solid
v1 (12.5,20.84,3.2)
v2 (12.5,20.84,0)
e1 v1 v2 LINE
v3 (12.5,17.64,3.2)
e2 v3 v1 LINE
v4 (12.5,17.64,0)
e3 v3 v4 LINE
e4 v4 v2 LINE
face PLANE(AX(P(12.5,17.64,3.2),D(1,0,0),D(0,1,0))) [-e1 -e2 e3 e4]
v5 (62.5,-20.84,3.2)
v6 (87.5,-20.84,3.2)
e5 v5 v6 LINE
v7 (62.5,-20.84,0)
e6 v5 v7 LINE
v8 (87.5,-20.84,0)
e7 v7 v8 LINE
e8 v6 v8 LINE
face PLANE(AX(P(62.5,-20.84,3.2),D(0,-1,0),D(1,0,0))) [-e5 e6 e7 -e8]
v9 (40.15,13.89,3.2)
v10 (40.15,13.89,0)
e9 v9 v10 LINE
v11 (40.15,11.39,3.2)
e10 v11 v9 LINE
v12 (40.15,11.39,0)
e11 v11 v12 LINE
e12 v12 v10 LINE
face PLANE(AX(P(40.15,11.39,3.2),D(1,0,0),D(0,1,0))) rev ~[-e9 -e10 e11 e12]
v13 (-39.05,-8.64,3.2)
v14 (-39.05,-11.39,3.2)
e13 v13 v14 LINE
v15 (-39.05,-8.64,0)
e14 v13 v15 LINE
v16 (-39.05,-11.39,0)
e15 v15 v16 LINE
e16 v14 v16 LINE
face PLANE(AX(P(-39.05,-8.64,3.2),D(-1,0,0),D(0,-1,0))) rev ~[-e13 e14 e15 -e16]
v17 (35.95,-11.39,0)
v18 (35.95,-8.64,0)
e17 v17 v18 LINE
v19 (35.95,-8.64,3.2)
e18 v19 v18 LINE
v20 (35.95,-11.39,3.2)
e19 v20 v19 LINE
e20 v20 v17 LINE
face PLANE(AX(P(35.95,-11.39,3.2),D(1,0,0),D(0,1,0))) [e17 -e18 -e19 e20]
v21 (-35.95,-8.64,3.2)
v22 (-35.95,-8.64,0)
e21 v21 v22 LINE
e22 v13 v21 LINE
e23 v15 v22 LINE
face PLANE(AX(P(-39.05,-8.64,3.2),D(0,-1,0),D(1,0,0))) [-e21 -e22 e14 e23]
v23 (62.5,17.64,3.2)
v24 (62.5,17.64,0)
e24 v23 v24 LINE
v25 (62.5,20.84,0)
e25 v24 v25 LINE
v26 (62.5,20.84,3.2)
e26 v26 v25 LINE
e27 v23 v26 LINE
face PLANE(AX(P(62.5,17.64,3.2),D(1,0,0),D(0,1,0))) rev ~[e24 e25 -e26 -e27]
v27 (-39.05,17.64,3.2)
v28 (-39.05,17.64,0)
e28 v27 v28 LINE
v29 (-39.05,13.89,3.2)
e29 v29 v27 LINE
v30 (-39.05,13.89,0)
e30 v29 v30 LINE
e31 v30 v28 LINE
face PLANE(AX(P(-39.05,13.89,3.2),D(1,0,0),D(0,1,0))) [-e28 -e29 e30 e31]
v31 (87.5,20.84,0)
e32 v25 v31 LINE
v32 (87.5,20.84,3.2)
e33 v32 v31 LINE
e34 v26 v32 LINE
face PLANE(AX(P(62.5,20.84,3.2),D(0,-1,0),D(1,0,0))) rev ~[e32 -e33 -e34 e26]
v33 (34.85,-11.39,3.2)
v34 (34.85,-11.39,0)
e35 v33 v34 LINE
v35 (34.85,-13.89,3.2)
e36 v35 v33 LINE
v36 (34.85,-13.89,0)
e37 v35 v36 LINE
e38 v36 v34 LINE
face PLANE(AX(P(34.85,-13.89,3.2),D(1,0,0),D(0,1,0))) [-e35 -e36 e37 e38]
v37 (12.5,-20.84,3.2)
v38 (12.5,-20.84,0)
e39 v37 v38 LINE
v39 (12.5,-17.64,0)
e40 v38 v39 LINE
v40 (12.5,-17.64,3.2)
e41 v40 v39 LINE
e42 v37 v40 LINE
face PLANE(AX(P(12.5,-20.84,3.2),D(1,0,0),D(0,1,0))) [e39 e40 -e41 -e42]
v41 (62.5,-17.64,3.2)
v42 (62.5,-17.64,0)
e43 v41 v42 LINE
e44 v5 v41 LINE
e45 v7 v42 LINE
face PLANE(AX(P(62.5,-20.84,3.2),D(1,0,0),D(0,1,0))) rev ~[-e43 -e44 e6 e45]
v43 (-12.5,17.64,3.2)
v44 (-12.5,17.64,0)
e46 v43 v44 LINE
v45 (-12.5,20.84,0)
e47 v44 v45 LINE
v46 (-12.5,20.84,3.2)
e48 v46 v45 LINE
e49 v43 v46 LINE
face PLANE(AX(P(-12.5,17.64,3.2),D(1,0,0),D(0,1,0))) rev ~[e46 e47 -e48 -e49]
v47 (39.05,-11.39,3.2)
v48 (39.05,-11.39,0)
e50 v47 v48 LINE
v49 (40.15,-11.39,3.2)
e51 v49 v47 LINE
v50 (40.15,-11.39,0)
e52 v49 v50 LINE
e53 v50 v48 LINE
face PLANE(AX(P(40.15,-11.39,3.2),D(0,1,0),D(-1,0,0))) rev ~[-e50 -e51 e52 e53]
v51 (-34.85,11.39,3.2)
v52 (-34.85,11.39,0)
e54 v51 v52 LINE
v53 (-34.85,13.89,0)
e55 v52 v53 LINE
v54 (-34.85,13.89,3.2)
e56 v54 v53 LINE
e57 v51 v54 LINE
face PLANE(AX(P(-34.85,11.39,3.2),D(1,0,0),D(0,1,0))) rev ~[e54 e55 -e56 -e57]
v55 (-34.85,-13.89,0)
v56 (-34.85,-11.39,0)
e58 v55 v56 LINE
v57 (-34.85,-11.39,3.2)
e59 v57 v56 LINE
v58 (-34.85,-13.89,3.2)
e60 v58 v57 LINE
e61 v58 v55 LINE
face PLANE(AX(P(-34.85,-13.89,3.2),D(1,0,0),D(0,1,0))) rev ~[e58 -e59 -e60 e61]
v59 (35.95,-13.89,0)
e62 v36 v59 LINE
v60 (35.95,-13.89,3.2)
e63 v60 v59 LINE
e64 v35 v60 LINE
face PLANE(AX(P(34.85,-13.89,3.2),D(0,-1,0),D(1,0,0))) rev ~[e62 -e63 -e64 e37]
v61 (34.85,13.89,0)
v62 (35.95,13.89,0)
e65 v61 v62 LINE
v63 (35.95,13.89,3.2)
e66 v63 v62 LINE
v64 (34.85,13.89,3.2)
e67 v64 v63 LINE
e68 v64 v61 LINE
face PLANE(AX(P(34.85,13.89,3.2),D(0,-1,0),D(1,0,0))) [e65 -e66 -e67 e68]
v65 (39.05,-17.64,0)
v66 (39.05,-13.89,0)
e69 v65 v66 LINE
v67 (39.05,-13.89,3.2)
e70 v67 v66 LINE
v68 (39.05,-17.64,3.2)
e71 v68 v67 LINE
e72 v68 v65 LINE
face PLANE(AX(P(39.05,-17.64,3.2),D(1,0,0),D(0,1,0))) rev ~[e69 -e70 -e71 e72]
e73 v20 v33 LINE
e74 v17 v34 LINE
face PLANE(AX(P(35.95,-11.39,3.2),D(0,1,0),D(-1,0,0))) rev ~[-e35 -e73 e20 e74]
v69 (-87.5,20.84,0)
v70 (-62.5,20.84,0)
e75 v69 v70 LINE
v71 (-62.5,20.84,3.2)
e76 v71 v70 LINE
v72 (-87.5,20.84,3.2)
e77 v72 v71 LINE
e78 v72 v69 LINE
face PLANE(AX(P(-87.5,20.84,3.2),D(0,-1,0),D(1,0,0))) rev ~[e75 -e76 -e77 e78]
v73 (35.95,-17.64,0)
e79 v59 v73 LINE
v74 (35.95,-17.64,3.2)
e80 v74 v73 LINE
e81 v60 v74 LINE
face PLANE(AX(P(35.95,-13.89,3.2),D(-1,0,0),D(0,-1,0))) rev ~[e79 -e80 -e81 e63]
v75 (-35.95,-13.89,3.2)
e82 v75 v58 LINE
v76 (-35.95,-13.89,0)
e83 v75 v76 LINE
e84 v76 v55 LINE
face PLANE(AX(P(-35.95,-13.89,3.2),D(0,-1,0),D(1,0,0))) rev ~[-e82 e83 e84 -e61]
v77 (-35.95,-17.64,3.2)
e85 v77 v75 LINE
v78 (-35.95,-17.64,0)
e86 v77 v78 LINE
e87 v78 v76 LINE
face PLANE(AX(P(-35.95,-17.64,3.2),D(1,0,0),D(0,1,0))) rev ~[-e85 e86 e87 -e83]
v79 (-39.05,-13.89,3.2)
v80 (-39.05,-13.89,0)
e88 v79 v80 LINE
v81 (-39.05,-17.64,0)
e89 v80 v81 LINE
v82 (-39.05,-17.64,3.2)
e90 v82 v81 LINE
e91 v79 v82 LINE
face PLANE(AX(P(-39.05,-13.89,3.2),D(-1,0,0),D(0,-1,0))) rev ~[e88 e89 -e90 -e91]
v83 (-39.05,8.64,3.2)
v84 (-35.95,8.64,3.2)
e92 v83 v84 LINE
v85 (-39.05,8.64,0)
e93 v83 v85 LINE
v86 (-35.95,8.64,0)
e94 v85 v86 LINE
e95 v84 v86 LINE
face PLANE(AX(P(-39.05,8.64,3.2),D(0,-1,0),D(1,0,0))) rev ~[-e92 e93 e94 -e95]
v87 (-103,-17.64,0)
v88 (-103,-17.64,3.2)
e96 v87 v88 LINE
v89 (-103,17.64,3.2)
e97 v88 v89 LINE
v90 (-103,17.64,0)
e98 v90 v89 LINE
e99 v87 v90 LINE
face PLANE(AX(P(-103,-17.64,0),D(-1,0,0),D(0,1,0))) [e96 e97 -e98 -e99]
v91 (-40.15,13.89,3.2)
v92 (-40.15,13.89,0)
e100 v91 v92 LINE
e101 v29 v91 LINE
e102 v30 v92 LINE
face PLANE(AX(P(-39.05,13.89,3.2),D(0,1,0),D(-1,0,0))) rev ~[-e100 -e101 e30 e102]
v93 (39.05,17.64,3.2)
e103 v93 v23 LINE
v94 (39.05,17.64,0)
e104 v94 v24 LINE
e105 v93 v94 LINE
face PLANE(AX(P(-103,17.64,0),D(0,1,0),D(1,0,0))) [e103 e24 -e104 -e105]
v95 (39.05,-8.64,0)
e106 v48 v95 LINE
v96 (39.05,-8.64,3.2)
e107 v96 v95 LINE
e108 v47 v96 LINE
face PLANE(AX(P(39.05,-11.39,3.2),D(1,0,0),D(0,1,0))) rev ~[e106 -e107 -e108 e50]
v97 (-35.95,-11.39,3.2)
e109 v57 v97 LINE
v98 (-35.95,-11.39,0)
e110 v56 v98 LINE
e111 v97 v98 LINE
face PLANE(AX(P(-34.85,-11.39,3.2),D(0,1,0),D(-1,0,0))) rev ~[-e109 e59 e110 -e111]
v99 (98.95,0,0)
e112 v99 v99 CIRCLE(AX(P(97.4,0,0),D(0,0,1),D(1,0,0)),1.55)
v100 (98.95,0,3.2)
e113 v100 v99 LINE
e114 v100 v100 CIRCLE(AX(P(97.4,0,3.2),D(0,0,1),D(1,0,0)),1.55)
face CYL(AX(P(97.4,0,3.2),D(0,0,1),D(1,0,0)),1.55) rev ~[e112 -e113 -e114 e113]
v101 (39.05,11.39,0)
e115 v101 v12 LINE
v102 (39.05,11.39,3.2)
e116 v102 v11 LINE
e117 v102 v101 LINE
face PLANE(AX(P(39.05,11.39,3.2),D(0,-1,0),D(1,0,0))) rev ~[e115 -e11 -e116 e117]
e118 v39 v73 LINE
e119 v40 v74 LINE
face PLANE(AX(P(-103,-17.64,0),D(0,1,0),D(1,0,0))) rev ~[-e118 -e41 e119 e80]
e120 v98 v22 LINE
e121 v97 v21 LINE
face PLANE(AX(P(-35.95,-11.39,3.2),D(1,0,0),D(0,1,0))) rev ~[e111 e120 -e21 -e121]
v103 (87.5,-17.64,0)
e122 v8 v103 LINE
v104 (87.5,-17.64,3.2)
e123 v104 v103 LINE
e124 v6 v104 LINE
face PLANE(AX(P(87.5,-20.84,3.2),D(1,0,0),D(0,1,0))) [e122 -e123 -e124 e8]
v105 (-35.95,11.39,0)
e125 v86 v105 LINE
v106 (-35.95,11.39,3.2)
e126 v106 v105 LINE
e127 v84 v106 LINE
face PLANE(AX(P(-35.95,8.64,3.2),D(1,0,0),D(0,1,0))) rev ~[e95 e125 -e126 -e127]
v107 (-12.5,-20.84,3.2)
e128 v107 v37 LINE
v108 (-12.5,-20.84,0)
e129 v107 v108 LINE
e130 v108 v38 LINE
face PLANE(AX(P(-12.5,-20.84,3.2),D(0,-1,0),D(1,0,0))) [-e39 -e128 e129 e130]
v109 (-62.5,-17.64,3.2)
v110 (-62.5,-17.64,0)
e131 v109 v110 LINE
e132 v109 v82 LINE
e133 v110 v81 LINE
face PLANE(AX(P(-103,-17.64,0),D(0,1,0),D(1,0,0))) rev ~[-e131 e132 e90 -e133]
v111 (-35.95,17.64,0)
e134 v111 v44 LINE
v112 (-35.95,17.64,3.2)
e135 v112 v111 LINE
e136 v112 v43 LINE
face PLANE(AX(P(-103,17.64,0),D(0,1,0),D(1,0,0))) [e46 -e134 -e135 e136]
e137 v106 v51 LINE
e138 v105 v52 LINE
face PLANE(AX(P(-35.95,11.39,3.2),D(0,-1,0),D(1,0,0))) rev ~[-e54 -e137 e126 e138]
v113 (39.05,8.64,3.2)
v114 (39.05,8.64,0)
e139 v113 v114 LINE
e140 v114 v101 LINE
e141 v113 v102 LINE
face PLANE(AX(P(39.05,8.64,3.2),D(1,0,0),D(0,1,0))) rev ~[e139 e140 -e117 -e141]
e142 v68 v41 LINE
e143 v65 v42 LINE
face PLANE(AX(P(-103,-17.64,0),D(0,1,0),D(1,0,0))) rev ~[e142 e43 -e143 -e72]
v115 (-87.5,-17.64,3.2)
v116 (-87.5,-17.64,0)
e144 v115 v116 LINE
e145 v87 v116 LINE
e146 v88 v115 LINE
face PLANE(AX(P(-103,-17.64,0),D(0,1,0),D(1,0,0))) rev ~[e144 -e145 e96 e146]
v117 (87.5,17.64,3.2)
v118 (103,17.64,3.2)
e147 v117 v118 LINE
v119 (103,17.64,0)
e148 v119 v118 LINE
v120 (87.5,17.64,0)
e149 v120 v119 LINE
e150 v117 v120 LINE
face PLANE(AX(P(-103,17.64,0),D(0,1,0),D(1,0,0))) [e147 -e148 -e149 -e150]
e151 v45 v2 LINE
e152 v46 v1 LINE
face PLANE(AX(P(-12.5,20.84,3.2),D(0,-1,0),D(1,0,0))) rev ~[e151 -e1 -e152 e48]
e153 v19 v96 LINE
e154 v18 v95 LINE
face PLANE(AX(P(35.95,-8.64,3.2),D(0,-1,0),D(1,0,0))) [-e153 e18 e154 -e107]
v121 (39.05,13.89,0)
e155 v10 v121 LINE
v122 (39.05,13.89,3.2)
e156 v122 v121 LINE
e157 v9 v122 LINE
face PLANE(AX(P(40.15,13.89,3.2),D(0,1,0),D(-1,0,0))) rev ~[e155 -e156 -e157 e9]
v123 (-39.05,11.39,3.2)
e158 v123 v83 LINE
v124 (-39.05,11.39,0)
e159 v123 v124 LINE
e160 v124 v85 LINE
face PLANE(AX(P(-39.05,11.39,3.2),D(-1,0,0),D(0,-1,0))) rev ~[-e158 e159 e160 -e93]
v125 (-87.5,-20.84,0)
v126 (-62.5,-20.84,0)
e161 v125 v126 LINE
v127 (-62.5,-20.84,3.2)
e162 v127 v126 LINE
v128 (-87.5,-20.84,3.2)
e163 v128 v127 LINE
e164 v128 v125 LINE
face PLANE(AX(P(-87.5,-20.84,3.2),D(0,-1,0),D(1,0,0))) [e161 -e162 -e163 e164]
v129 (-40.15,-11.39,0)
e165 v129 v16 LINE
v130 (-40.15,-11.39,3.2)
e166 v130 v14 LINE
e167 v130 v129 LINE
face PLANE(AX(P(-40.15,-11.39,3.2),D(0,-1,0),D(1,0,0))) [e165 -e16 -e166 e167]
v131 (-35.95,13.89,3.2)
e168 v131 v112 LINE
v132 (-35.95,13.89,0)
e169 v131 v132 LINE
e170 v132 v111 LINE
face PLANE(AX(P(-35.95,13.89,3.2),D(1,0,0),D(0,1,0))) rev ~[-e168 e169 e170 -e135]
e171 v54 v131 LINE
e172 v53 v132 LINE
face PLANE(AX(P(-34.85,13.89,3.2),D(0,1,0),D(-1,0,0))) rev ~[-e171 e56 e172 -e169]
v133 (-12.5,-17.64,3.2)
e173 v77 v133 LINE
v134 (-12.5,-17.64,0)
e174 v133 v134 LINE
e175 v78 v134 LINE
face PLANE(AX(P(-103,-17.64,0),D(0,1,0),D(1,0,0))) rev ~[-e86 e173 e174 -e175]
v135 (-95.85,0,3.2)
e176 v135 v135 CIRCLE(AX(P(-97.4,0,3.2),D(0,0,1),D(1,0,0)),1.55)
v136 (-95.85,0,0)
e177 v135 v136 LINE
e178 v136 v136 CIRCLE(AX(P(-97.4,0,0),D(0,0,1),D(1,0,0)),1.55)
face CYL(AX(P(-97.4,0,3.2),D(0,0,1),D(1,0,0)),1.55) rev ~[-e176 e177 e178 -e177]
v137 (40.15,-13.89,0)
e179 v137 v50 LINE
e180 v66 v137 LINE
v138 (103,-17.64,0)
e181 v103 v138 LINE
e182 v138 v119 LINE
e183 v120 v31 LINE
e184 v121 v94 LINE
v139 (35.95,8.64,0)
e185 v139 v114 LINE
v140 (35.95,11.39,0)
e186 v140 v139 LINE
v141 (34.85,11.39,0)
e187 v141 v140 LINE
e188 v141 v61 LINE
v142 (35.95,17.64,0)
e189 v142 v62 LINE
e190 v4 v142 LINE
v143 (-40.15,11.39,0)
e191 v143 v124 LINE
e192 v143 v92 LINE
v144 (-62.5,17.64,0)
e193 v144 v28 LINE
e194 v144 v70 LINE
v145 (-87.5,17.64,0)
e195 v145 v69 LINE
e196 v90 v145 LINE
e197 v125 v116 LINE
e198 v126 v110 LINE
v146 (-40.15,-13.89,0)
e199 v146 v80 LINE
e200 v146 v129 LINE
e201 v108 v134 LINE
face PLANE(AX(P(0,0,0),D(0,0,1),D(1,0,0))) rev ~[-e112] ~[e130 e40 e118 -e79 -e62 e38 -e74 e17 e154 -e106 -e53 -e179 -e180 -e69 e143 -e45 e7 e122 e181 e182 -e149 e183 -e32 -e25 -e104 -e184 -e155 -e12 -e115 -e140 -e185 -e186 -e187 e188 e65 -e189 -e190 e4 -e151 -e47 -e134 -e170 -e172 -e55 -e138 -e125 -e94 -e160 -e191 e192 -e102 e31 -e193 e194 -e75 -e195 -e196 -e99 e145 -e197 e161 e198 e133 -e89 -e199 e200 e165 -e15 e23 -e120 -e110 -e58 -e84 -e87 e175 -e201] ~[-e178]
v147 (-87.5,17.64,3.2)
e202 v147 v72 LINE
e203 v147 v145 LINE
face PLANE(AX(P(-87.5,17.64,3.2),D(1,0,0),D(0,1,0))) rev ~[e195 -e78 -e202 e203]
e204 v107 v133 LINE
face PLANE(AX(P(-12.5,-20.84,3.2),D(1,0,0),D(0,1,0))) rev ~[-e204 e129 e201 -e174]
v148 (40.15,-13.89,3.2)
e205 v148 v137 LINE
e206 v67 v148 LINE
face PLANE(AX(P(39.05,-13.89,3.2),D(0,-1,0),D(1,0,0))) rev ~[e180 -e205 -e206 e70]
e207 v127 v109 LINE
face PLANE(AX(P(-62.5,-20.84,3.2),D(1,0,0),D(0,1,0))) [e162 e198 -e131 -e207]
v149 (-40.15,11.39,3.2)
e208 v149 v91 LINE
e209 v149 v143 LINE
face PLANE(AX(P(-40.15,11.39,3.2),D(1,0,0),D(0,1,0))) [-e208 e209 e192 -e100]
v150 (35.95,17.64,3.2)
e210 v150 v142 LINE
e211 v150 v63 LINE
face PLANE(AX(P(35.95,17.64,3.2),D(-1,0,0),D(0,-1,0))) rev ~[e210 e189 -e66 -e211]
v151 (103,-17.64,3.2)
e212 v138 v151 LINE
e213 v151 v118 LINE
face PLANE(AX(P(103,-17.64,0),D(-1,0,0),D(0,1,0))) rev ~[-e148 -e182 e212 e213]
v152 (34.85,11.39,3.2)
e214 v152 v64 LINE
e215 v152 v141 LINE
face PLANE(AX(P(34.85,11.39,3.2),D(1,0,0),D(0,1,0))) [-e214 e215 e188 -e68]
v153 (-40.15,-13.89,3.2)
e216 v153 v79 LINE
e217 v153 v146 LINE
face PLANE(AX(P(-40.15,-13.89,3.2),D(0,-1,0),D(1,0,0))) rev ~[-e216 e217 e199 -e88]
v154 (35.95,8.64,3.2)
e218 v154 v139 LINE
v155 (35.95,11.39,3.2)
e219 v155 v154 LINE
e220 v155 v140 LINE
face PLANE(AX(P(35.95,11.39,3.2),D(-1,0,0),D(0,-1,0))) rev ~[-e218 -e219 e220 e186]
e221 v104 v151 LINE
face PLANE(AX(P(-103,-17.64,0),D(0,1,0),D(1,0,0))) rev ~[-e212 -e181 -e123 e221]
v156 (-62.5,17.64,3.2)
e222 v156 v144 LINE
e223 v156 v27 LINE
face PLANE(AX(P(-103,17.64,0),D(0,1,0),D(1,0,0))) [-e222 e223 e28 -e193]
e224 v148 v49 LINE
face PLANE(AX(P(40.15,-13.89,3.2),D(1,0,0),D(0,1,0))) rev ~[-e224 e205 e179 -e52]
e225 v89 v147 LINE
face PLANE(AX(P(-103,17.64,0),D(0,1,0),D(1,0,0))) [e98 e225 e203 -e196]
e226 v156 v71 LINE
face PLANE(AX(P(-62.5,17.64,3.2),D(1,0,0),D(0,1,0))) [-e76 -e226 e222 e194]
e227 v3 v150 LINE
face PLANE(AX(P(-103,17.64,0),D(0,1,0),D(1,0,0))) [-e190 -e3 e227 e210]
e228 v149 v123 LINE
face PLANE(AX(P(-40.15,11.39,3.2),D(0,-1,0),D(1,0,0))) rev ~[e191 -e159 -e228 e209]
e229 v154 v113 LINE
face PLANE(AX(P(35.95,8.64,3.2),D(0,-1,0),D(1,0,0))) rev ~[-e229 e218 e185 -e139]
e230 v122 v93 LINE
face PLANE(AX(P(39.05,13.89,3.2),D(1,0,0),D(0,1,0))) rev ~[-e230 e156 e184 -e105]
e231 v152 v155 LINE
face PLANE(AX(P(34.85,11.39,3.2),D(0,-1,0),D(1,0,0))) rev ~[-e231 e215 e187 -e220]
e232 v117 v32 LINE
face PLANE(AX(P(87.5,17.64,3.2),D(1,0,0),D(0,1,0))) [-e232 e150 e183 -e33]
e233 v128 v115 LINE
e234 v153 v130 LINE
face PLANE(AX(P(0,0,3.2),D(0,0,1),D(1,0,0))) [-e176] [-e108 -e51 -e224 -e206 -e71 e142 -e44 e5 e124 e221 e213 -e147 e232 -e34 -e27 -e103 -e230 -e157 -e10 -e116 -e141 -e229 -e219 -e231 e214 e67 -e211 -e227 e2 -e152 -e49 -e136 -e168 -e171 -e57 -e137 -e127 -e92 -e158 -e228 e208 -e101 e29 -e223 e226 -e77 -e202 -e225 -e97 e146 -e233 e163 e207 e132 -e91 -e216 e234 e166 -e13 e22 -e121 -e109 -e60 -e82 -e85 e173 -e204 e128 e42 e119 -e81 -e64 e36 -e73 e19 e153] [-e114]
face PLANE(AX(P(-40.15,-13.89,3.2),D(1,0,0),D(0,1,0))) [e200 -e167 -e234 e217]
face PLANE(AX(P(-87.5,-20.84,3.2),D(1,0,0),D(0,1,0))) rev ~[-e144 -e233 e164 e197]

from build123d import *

# Parameters (mm, degrees)
F1_W     = 206
F1_H     = 35.28
F2_DEPTH = 3.2
F3_W     = 25
F3_H     = 3.2
F4_DEPTH = 3.2
F5_R     = 1.55
F5_W     = 3.1
F5_H     = 3.75
F5_H_2   = 2.5
F5_W_2   = 1.1
F5_H_3   = 2.75
F6_DEPTH = 3.201


with BuildPart() as f2:
    # F1 (on Top) → F2 (new body)
    with BuildSketch(Plane.XY):
        Rectangle(F1_W, F1_H)
    extrude(amount=F2_DEPTH)

    # F3 (on face) → F4 (join, through all)
    with BuildSketch(Plane.XY.offset(3.2)):
        with Locations((-75, -19.24)):
            Rectangle(F3_W, F3_H)
        with Locations((0, -19.24)):
            Rectangle(F3_W, F3_H)
        with Locations((75, -19.24)):
            Rectangle(F3_W, F3_H)
        with Locations((75, 19.24)):
            Rectangle(F3_W, F3_H)
        with Locations((-75, 19.24)):
            Rectangle(F3_W, F3_H)
        with Locations((0, 19.24)):
            Rectangle(F3_W, F3_H)
    extrude(amount=-F4_DEPTH)

    # F5 (on face) → F6 (cut, through all)
    with BuildSketch(Plane.XY.offset(3.2)):
        with Locations((-97.4, 0)):
            Circle(F5_R)
        with Locations((97.4, 0)):
            Circle(F5_R)
        with Locations((-37.5, -15.765)):
            Rectangle(F5_W, F5_H)
        with Locations((-37.5, -12.64)):
            Rectangle(F5_W, F5_H_2)
        with Locations((-35.4, -12.64)):
            Rectangle(F5_W_2, F5_H_2)
        with Locations((-37.5, -10.015)):
            Rectangle(F5_W, F5_H_3)
        with Locations((-39.6, -12.64)):
            Rectangle(F5_W_2, F5_H_2)
        with Locations((37.5, -15.765)):
            Rectangle(F5_W, F5_H)
        with Locations((37.5, -12.64)):
            Rectangle(F5_W, F5_H_2)
        with Locations((35.4, -12.64)):
            Rectangle(F5_W_2, F5_H_2)
        with Locations((39.6, -12.64)):
            Rectangle(F5_W_2, F5_H_2)
        with Locations((37.5, -10.015)):
            Rectangle(F5_W, F5_H_3)
        with Locations((-37.5, 10.015)):
            Rectangle(F5_W, F5_H_3)
        with Locations((-35.4, 12.64)):
            Rectangle(F5_W_2, F5_H_2)
        with Locations((-37.5, 12.64)):
            Rectangle(F5_W, F5_H_2)
        with Locations((-39.6, 12.64)):
            Rectangle(F5_W_2, F5_H_2)
        with Locations((-37.5, 15.765)):
            Rectangle(F5_W, F5_H)
        with Locations((39.6, 12.64)):
            Rectangle(F5_W_2, F5_H_2)
        with Locations((37.5, 10.015)):
            Rectangle(F5_W, F5_H_3)
        with Locations((37.5, 12.64)):
            Rectangle(F5_W, F5_H_2)
        with Locations((37.5, 15.765)):
            Rectangle(F5_W, F5_H)
        with Locations((35.4, 12.64)):
            Rectangle(F5_W_2, F5_H_2)
    extrude(amount=-F6_DEPTH, mode=Mode.SUBTRACT)


solid = f2.part
